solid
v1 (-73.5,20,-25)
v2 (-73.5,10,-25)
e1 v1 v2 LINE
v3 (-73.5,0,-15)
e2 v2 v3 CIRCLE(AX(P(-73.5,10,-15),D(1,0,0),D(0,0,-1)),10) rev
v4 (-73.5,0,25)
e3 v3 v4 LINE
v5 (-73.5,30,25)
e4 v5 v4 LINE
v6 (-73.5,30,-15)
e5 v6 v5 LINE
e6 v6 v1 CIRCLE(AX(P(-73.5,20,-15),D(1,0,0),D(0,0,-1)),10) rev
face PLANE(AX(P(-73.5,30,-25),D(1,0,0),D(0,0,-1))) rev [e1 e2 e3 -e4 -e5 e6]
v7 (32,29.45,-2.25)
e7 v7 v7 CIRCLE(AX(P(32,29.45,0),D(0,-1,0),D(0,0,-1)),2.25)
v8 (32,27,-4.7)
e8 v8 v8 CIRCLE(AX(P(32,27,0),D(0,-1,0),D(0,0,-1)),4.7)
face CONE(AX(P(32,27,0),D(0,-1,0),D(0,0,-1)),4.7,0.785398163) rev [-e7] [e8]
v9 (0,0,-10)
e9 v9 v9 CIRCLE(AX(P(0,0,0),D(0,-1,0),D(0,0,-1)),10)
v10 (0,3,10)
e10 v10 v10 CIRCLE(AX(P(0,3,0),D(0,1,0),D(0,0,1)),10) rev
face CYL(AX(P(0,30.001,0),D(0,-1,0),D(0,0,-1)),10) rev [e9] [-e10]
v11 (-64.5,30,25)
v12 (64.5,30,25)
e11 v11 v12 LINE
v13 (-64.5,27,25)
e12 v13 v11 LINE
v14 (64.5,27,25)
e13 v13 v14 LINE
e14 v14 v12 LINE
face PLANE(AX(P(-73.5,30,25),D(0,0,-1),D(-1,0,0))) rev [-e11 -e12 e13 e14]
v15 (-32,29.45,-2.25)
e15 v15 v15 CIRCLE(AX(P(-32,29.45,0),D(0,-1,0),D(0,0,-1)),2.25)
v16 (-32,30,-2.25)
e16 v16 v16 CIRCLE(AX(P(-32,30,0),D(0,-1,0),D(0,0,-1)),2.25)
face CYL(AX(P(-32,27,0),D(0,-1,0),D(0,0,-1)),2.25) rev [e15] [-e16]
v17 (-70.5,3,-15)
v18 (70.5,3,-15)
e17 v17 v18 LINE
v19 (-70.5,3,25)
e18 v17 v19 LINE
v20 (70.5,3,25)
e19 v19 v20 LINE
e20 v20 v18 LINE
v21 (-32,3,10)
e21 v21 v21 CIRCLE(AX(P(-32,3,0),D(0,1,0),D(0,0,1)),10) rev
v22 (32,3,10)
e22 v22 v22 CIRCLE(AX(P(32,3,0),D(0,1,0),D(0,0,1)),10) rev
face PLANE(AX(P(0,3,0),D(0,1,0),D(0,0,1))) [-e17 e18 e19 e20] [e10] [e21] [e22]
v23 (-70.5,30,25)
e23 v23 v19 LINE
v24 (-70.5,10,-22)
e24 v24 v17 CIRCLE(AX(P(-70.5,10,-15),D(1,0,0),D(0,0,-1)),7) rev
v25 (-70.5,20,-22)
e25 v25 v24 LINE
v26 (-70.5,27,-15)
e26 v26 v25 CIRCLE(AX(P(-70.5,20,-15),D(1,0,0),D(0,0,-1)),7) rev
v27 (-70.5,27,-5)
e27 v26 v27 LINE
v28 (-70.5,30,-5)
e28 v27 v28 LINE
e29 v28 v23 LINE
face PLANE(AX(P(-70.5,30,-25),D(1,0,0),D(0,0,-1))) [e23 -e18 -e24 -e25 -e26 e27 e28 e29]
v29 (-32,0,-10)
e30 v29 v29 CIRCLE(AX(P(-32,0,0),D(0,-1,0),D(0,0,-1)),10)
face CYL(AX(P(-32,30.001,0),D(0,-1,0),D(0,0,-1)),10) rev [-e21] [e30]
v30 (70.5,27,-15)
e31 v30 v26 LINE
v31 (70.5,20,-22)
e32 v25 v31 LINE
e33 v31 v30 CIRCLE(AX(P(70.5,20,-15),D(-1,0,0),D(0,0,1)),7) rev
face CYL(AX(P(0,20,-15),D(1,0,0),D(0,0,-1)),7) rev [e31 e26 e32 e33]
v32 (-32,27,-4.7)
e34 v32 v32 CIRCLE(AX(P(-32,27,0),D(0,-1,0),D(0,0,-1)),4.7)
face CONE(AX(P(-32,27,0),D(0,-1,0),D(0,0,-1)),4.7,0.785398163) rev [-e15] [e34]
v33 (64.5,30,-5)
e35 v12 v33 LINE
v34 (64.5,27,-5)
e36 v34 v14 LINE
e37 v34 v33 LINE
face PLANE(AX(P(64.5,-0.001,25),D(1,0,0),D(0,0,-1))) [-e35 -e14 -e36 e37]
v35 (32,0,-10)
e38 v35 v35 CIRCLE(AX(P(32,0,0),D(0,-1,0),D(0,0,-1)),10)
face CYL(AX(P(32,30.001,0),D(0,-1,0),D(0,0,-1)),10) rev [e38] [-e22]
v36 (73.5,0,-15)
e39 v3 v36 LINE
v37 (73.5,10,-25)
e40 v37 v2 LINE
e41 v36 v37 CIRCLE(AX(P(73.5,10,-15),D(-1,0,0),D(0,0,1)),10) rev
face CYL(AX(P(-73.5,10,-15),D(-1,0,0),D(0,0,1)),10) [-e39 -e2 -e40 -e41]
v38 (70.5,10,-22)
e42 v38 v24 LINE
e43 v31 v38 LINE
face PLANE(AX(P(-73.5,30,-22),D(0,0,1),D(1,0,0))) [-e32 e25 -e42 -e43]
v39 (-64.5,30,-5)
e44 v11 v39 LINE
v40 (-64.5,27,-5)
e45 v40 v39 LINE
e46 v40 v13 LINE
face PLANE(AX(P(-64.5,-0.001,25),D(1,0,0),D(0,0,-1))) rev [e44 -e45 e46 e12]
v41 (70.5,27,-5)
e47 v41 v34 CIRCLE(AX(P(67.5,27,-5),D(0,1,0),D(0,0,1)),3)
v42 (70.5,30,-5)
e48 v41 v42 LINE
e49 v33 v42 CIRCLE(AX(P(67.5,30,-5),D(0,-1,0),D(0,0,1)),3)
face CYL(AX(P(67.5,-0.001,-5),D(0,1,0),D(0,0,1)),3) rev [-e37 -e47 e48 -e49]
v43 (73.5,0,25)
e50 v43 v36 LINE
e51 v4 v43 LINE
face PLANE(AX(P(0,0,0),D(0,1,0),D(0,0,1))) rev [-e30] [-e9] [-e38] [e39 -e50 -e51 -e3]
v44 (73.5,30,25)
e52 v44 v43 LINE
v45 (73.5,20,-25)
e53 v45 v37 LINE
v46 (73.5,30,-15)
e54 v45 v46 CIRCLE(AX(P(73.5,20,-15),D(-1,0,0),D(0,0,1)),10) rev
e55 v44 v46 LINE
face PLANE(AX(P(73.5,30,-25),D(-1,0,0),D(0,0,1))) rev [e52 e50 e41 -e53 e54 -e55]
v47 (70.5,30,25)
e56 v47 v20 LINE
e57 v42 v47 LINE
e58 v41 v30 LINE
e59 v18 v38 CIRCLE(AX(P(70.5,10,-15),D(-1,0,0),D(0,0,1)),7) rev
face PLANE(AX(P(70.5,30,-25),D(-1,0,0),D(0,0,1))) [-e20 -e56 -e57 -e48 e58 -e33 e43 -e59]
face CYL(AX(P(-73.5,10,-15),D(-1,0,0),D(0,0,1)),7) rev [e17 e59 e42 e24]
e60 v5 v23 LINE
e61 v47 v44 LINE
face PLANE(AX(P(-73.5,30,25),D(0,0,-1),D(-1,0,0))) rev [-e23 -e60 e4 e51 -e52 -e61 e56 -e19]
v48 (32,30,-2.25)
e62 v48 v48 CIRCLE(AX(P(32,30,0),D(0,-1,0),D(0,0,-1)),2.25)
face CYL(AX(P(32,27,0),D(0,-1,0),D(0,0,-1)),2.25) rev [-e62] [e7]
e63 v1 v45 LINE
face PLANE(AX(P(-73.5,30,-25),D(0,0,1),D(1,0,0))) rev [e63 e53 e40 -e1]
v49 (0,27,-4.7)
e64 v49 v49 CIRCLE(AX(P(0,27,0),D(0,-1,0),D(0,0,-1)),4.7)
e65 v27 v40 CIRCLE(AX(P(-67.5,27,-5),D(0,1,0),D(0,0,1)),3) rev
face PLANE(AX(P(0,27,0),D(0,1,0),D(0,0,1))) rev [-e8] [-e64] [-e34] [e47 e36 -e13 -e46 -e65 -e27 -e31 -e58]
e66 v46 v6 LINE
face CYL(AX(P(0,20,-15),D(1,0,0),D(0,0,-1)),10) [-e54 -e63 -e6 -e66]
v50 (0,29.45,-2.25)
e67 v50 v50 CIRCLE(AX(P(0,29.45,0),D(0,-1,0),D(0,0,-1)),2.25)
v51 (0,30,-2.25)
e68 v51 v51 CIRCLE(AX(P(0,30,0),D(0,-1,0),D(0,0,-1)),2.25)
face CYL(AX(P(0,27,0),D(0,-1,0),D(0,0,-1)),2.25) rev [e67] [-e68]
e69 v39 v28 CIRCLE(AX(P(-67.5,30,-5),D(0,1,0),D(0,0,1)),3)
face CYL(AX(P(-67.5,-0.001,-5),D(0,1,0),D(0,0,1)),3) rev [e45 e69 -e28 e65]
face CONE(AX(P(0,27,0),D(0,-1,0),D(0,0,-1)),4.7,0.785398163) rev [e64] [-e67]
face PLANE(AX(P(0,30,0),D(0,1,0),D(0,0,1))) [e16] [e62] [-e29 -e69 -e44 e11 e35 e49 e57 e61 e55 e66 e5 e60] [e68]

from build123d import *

# Parameters (mm, degrees)
SKETCH1_W                                    = 147
SKETCH1_H                                    = 50
BOSS_EXTRUDE1_DEPTH                          = 30
FILLET1_R                                    = 10
SHELL1_T                                     = -3
CUT_EXTRUDE1_DEPTH                           = 3
CSK_FOR_M4_COUNTERSUNK_FLAT_HEAD_SCR_2_COUNT = 2
CSK_FOR_M4_COUNTERSUNK_FLAT_HEAD_SCR_2_PITCH = 32
CSK_FOR_M4_COUNTERSUNK_FLAT_HEAD_SCR_3_COUNT = 2
CSK_FOR_M4_COUNTERSUNK_FLAT_HEAD_SCR_3_PITCH = 64
CUT_EXTRUDE2_REACH                           = 32
SKETCH5_R                                    = 10


with BuildPart() as part:
    # Sketch1 → Boss-Extrude1 (new body)
    with BuildSketch(Plane(origin=(0, 0, 0), x_dir=(1, 0, 0), z_dir=(0, 1, 0))):
        Rectangle(SKETCH1_W, SKETCH1_H)
    extrude(amount=BOSS_EXTRUDE1_DEPTH)

    # Fillet1
    fillet1_edges = [part.edges().sort_by_distance(p)[0] for p in [
        (0, 0, -25),
        (0, 30, -25),
    ]]
    fillet(fillet1_edges, radius=FILLET1_R)

    # Shell1
    shell1_openings = [part.faces().sort_by_distance(p)[0] for p in [
        (0, 15, 25),
    ]]
    offset(amount=SHELL1_T, openings=shell1_openings, kind=Kind.INTERSECTION)

    # Sketch2 → Cut-Extrude1 (cut)
    with BuildSketch(Plane(origin=(0, 30, 0), x_dir=(1, 0, 0), z_dir=(0, 1, 0))):
        with BuildLine():
            Line((-70.5, -25), (-70.5, 5))
            ThreePointArc((-70.5, 5), (-67.5, 8), (-64.5, 5))
            Line((-64.5, 5), (-64.5, -25))
            Line((-64.5, -25), (-70.5, -25))
        make_face()
    cut_extrude1 = extrude(amount=-CUT_EXTRUDE1_DEPTH, mode=Mode.SUBTRACT)

    # Mirror1: Cut-Extrude1 across plane
    add(cut_extrude1.mirror(Plane(origin=(0, 0, 0), x_dir=(0, 0, 1), z_dir=(1, 0, 0))), mode=Mode.SUBTRACT)

    # Sketch3 → CSK for M4 Countersunk Flat Head Screw1 (revolve, cut)
    with BuildSketch(Plane(origin=(-32, 27, 0), x_dir=(0, 0, -1), z_dir=(1, 0, 0))):
        Polygon((0, 0), (0, 3), (2.25, 3), (2.25, 2.45), (4.7, 0), align=None)
    csk_for_m4_countersunk_flat_head_screw1 = revolve(axis=Axis((-32, 20.65, 0), (0, 1, 0)), mode=Mode.SUBTRACT)

    # CSK for M4 Countersunk Flat Head Scr 2: CSK for M4 Countersunk Flat Head Screw1 ×2
    with Locations(*[(i * CSK_FOR_M4_COUNTERSUNK_FLAT_HEAD_SCR_2_PITCH, 0, 0) for i in range(1, CSK_FOR_M4_COUNTERSUNK_FLAT_HEAD_SCR_2_COUNT)]):
        add(csk_for_m4_countersunk_flat_head_screw1, mode=Mode.SUBTRACT)

    # CSK for M4 Countersunk Flat Head Scr 3: CSK for M4 Countersunk Flat Head Screw1 ×2
    with Locations(*[(i * CSK_FOR_M4_COUNTERSUNK_FLAT_HEAD_SCR_3_PITCH, 0, 0) for i in range(1, CSK_FOR_M4_COUNTERSUNK_FLAT_HEAD_SCR_3_COUNT)]):
        add(csk_for_m4_countersunk_flat_head_screw1, mode=Mode.SUBTRACT)

    # Sketch5 → Cut-Extrude2 (cut, up to next)
    with BuildSketch(Plane.XZ, mode=Mode.PRIVATE) as cut_extrude2_sk1:
        Circle(SKETCH5_R)
    cut_extrude2_tool1 = extrude(cut_extrude2_sk1.sketch, amount=-CUT_EXTRUDE2_REACH, mode=Mode.PRIVATE) & part.part
    add(cut_extrude2_tool1.solids().sort_by_distance((0, 0, 0))[0], mode=Mode.SUBTRACT)
    # Sketch5 → Cut-Extrude2 (cut, up to next)
    with BuildSketch(Plane.XZ, mode=Mode.PRIVATE) as cut_extrude2_sk2:
        with Locations((-32, 0)):
            Circle(SKETCH5_R)
    cut_extrude2_tool2 = extrude(cut_extrude2_sk2.sketch, amount=-CUT_EXTRUDE2_REACH, mode=Mode.PRIVATE) & part.part
    add(cut_extrude2_tool2.solids().sort_by_distance((-32, 0, 0))[0], mode=Mode.SUBTRACT)
    # Sketch5 → Cut-Extrude2 (cut, up to next)
    with BuildSketch(Plane.XZ, mode=Mode.PRIVATE) as cut_extrude2_sk3:
        with Locations((32, 0)):
            Circle(SKETCH5_R)
    cut_extrude2_tool3 = extrude(cut_extrude2_sk3.sketch, amount=-CUT_EXTRUDE2_REACH, mode=Mode.PRIVATE) & part.part
    add(cut_extrude2_tool3.solids().sort_by_distance((32, 0, 0))[0], mode=Mode.SUBTRACT)


solid = part.part
